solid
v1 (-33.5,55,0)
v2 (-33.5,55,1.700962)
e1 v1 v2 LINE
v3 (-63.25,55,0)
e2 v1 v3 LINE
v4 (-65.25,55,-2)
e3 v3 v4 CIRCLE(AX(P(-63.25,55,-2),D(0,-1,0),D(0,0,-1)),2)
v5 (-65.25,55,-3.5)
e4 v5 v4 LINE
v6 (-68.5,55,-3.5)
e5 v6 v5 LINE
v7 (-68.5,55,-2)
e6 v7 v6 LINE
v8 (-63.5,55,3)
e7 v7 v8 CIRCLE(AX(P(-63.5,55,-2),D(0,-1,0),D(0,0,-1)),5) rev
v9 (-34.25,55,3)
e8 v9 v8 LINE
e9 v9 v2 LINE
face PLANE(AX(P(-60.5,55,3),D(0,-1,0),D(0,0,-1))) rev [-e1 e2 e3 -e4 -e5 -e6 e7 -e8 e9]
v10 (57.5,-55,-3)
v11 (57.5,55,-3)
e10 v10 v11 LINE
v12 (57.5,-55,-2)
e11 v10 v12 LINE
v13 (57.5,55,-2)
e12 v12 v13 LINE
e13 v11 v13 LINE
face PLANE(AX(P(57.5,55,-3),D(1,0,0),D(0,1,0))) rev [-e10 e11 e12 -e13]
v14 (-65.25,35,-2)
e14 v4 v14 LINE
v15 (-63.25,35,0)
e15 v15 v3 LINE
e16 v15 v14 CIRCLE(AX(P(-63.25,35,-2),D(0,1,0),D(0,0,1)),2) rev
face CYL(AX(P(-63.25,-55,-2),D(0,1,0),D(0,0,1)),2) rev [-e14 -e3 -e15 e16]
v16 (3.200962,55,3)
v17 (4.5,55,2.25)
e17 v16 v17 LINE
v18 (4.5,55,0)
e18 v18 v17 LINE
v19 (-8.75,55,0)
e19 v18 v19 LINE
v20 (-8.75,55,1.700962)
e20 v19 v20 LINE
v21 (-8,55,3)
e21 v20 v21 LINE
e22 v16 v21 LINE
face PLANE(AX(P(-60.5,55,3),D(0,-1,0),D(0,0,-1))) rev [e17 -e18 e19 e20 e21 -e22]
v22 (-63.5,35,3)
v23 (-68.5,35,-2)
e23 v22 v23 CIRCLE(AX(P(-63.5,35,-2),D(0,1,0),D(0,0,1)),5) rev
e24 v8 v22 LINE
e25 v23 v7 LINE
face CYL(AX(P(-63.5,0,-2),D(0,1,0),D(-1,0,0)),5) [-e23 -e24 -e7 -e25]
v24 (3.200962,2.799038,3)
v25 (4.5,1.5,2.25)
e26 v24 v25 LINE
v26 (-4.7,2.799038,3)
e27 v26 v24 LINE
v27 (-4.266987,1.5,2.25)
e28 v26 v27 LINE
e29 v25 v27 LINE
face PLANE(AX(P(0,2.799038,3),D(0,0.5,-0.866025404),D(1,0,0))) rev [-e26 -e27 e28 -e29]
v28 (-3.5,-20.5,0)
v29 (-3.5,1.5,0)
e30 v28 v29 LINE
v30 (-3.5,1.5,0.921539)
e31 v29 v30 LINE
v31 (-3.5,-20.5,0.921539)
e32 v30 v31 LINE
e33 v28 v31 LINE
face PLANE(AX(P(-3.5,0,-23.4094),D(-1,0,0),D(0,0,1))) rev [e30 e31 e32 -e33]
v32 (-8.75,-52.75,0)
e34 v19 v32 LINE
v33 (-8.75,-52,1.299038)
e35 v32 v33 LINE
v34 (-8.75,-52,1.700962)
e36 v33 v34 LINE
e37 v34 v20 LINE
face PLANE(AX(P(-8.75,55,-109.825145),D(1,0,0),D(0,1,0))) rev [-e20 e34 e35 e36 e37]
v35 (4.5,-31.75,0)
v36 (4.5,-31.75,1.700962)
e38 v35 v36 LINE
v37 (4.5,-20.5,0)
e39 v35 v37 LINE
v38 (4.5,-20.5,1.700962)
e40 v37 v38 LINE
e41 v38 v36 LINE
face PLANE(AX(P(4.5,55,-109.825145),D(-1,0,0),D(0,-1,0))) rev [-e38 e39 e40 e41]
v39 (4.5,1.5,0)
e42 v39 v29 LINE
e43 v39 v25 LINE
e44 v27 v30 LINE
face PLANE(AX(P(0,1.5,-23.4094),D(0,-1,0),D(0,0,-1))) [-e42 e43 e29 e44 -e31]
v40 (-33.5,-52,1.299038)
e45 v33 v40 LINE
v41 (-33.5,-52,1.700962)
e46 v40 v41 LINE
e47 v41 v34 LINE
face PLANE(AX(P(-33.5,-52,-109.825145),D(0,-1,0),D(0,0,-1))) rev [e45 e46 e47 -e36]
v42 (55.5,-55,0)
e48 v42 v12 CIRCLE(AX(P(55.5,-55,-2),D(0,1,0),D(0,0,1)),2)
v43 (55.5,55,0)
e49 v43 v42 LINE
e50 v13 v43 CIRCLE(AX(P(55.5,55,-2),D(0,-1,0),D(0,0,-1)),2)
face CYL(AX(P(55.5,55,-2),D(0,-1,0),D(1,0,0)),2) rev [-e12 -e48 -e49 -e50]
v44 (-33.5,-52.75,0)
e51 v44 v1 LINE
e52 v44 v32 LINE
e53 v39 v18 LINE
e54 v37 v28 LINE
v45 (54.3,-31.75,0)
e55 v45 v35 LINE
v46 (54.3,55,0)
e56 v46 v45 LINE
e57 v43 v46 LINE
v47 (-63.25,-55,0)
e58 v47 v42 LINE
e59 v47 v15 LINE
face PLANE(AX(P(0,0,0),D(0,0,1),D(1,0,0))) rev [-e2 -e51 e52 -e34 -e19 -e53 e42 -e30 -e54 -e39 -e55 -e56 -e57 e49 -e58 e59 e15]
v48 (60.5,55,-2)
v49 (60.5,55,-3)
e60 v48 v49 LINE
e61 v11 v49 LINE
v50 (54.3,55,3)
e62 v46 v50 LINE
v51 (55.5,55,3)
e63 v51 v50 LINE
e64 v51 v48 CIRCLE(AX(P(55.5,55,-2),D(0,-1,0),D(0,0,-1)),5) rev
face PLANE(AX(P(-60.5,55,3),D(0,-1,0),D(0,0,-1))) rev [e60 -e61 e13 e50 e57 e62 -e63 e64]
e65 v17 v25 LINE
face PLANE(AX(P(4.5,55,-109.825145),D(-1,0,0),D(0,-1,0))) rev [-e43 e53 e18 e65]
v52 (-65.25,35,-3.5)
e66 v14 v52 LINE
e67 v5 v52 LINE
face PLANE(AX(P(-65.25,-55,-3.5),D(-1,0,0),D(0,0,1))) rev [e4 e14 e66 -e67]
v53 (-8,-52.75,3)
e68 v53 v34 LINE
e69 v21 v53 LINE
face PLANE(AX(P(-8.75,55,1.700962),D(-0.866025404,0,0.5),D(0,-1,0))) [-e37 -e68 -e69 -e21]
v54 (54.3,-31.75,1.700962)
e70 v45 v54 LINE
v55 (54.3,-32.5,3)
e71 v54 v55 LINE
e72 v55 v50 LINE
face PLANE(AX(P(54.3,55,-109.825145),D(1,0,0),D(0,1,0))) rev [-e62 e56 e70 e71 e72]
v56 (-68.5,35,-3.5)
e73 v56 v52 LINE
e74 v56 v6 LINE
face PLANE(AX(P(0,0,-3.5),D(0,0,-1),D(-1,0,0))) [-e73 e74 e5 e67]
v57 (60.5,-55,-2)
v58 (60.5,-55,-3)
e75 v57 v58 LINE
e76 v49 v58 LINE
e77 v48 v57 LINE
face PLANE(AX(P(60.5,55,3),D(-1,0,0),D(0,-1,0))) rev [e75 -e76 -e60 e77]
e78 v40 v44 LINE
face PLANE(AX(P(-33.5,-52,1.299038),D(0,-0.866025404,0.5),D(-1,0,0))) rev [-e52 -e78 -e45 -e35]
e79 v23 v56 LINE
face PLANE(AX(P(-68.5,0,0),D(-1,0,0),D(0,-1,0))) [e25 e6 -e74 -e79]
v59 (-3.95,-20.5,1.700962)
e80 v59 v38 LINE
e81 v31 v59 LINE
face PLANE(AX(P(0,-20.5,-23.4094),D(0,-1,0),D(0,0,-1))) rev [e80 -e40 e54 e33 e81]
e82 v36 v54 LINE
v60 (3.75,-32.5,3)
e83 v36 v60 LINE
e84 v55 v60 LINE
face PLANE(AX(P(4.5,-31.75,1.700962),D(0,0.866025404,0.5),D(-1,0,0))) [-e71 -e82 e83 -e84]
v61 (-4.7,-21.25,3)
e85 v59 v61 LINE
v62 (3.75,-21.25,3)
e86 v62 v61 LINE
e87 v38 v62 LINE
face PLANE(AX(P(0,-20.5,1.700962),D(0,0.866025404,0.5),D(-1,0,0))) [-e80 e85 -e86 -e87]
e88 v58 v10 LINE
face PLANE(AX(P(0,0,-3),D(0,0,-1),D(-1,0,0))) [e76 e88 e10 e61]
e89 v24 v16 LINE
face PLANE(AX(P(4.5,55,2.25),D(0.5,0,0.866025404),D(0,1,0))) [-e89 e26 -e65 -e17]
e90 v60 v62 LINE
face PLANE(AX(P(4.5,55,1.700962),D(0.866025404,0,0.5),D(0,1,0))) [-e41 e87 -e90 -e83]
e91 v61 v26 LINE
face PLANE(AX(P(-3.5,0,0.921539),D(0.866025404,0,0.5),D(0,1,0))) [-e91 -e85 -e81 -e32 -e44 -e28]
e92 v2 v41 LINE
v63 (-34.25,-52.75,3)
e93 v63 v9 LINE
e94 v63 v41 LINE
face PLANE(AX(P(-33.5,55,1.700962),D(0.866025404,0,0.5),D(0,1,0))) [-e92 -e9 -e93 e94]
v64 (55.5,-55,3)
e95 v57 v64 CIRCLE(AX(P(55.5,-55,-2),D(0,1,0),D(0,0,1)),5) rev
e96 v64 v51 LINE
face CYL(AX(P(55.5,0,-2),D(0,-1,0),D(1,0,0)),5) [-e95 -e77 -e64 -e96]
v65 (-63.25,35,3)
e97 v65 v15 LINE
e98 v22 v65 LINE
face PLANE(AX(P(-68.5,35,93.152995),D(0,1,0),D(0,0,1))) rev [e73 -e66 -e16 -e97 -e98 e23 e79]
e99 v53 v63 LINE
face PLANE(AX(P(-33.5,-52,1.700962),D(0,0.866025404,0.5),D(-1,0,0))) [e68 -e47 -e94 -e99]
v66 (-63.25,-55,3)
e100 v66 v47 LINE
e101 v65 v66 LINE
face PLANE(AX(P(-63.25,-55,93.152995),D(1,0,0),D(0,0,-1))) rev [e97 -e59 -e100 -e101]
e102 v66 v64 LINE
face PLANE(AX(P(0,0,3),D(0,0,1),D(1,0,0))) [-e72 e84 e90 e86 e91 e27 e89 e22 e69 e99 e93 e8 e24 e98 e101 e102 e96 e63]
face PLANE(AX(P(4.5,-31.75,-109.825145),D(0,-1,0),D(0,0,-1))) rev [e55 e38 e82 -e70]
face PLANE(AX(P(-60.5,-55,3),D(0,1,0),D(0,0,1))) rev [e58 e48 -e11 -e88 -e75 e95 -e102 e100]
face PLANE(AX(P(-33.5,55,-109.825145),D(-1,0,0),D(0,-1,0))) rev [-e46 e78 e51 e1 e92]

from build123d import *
from OCP.BRepFilletAPI import BRepFilletAPI_MakeChamfer

# Parameters (mm, degrees)
SKETCH1_W           = 121
SKETCH1_H           = 110
BOSS_EXTRUDE1_DEPTH = 3
SKETCH8_W           = 3
SKETCH8_H           = 110
BOSS_EXTRUDE5_DEPTH = 3
FILLET4_R           = 2
FILLET5_R           = 5
SKETCH9_W           = 1
SKETCH9_H           = 110
BOSS_EXTRUDE6_DEPTH = 2.5
BOSS_EXTRUDE7_DEPTH = 110
SKETCH11_W          = 24.75
SKETCH11_H          = 107
SKETCH11_W_2        = 49.8
SKETCH11_H_2        = 86.75
CUT_EXTRUDE1_DEPTH  = 3
CHAMFER1_SIZE       = 0.75
CHAMFER1_SIZE2      = 1.299038106
CHAMFER2_SIZE       = 0.75
CHAMFER2_SIZE2      = 1.299038106
SKETCH13_W          = 8
SKETCH13_H          = 22
CUT_EXTRUDE4_DEPTH  = 3
CHAMFER3_SIZE       = 0.75
CHAMFER3_SIZE2      = 1.299038106
CHAMFER4_SIZE       = 1.2
CHAMFER4_SIZE2      = 2.078460969
SKETCH14_W          = 3
SKETCH14_H          = 110
BOSS_EXTRUDE8_DEPTH = 8
SKETCH15_W          = 3.25
SKETCH15_H          = 110
BOSS_EXTRUDE9_DEPTH = 3.5
FILLET6_R           = 2
FILLET7_R           = 5
CUT_EXTRUDE5_START  = -6.5
SKETCH17_W          = 5.25
SKETCH17_H          = 90
CUT_EXTRUDE5_DEPTH  = 6.5
SKETCH18_W          = 3
SKETCH18_H          = 5.101072491
CUT_EXTRUDE6_DEPTH  = 110


with BuildPart() as part:
    # Sketch1 → Boss-Extrude1 (new body)
    with BuildSketch(Plane.XY):
        Rectangle(SKETCH1_W, SKETCH1_H)
    extrude(amount=BOSS_EXTRUDE1_DEPTH)

    # Sketch8 → Boss-Extrude5 (add)
    with BuildSketch(Plane(origin=(0, 0, 0), x_dir=(-1, 0, 0), z_dir=(0, 0, -1))):
        with Locations((-59, 0)):
            Rectangle(SKETCH8_W, SKETCH8_H)
    extrude(amount=BOSS_EXTRUDE5_DEPTH)

    # Fillet4
    fillet4_edges = [part.edges().sort_by_distance(p)[0] for p in [
        (57.5, 0, 0),
    ]]
    fillet(fillet4_edges, radius=FILLET4_R)

    # Fillet5
    fillet5_edges = [part.edges().sort_by_distance(p)[0] for p in [
        (60.5, 0, 3),
    ]]
    fillet(fillet5_edges, radius=FILLET5_R)

    # Sketch9 → Boss-Extrude6 (add)
    with BuildSketch(Plane(origin=(0, 0, -3), x_dir=(-1, 0, 0), z_dir=(0, 0, -1))):
        with Locations((-59, 0)):
            Rectangle(SKETCH9_W, SKETCH9_H)
    extrude(amount=BOSS_EXTRUDE6_DEPTH)

    # Sketch10 → Boss-Extrude7 (add, through all)
    with BuildSketch(Plane(origin=(0, 55, 0), x_dir=(1, 0, 0), z_dir=(0, 1, 0))):
        Polygon((58.5, 5.5), (58, 3), (58.5, 3), align=None)
    extrude(amount=-BOSS_EXTRUDE7_DEPTH)

    # Sketch11 → Cut-Extrude1 (cut)
    with BuildSketch(Plane.XY.offset(3)):
        with Locations((-21.125, 1.5)):
            Rectangle(SKETCH11_W, SKETCH11_H)
        with Locations((29.4, 11.625)):
            Rectangle(SKETCH11_W_2, SKETCH11_H_2)
    extrude(amount=-CUT_EXTRUDE1_DEPTH, mode=Mode.SUBTRACT)

    # Chamfer1
    chamfer1_edges = [part.edges().sort_by_distance(p)[0] for p in [
        (-33.5, 1.5, 3),
        (-21.125, -52, 3),
        (-8.75, 1.5, 3),
    ]]
    chamfer1_side = [part.faces().sort_by_distance(p)[0] for p in [
        (-58.901375591, 0, 3),
    ]]
    chamfer(chamfer1_edges, length=CHAMFER1_SIZE, length2=CHAMFER1_SIZE2, reference=chamfer1_side[0])

    # Chamfer2
    chamfer2_edges = [part.edges().sort_by_distance(p)[0] for p in [
        (-21.125, -52, 0),
    ]]
    chamfer2_side = [part.faces().sort_by_distance(p)[0] for p in [
        (55.340137559, 0, 0),
    ]]
    chamfer(chamfer2_edges, length=CHAMFER2_SIZE, length2=CHAMFER2_SIZE2, reference=chamfer2_side[0])

    # Sketch13 → Cut-Extrude4 (cut)
    with BuildSketch(Plane.XY.offset(3)):
        with Locations((0.5, -9.5)):
            Rectangle(SKETCH13_W, SKETCH13_H)
    extrude(amount=-CUT_EXTRUDE4_DEPTH, mode=Mode.SUBTRACT)

    # Chamfer3: one chamfer whose edges measure the first distance from different faces: ONE call of the kernel's chamfer builder (chamfer() names one face for all edges)
    chamfer3_edges_1 = [part.edges().sort_by_distance(p)[0] for p in [
        (4.5, -26.125, 3),
        (0.5, -20.5, 3),
        (29.4, -31.75, 3),
    ]]
    chamfer3_side_1 = [part.faces().sort_by_distance(p)[0] for p in [
        (-6.401375591, 1.125, 3),
    ]]
    chamfer3_edges_2 = [part.edges().sort_by_distance(p)[0] for p in [
        (0.5, 1.5, 3),
    ]]
    chamfer3_side_2 = [part.faces().sort_by_distance(p)[0] for p in [
        (0.5, 1.5, 1.5),
    ]]
    chamfer3_edges_3 = [part.edges().sort_by_distance(p)[0] for p in [
        (4.5, 28.25, 3),
    ]]
    chamfer3_side_3 = [part.faces().sort_by_distance(p)[0] for p in [
        (4.5, 28.25, 1.5),
    ]]
    chamfer3 = BRepFilletAPI_MakeChamfer(part.part.solid().wrapped)
    for e in chamfer3_edges_1:
        chamfer3.Add(CHAMFER3_SIZE, CHAMFER3_SIZE2, e.wrapped, chamfer3_side_1[0].wrapped)  # the first distance lies on this face
    for e in chamfer3_edges_2:
        chamfer3.Add(CHAMFER3_SIZE, CHAMFER3_SIZE2, e.wrapped, chamfer3_side_2[0].wrapped)  # the first distance lies on this face
    for e in chamfer3_edges_3:
        chamfer3.Add(CHAMFER3_SIZE, CHAMFER3_SIZE2, e.wrapped, chamfer3_side_3[0].wrapped)  # the first distance lies on this face
    add(Compound.cast(chamfer3.Shape()), mode=Mode.REPLACE)

    # Chamfer4
    chamfer4_edges = [part.edges().sort_by_distance(p)[0] for p in [
        (-3.5, -9.225480947, 3),
    ]]
    chamfer4_side = [part.faces().sort_by_distance(p)[0] for p in [
        (-2.399519053, 53.401375591, 3),
    ]]
    chamfer(chamfer4_edges, length=CHAMFER4_SIZE, length2=CHAMFER4_SIZE2, reference=chamfer4_side[0])

    # Sketch14 → Boss-Extrude8 (add)
    with BuildSketch(Plane.ZY.offset(60.5)):
        with Locations((1.5, 0)):
            Rectangle(SKETCH14_W, SKETCH14_H)
    extrude(amount=BOSS_EXTRUDE8_DEPTH)

    # Sketch15 → Boss-Extrude9 (add)
    with BuildSketch(Plane(origin=(0, 0, 0), x_dir=(-1, 0, 0), z_dir=(0, 0, -1))):
        with Locations((66.875, 0)):
            Rectangle(SKETCH15_W, SKETCH15_H)
    extrude(amount=BOSS_EXTRUDE9_DEPTH)

    # Fillet6
    fillet6_edges = [part.edges().sort_by_distance(p)[0] for p in [
        (-65.25, 0, 0),
    ]]
    fillet(fillet6_edges, radius=FILLET6_R)

    # Fillet7
    fillet7_edges = [part.edges().sort_by_distance(p)[0] for p in [
        (-68.5, 0, 3),
    ]]
    fillet(fillet7_edges, radius=FILLET7_R)

    # Sketch17 → Cut-Extrude5 (cut)
    with BuildSketch(Plane(origin=(0, 0, -3.5), x_dir=(-1, 0, 0), z_dir=(0, 0, -1)).offset(CUT_EXTRUDE5_START)):
        with Locations((65.875, -10)):
            Rectangle(SKETCH17_W, SKETCH17_H)
    extrude(amount=CUT_EXTRUDE5_DEPTH, mode=Mode.SUBTRACT)

    # Sketch18 → Cut-Extrude6 (cut)
    with BuildSketch(Plane(origin=(0, 55, 0), x_dir=(1, 0, 0), z_dir=(0, 1, 0))):
        with Locations((59, 5.550536246)):
            Rectangle(SKETCH18_W, SKETCH18_H)
    extrude(amount=-CUT_EXTRUDE6_DEPTH, mode=Mode.SUBTRACT)


solid = part.part
